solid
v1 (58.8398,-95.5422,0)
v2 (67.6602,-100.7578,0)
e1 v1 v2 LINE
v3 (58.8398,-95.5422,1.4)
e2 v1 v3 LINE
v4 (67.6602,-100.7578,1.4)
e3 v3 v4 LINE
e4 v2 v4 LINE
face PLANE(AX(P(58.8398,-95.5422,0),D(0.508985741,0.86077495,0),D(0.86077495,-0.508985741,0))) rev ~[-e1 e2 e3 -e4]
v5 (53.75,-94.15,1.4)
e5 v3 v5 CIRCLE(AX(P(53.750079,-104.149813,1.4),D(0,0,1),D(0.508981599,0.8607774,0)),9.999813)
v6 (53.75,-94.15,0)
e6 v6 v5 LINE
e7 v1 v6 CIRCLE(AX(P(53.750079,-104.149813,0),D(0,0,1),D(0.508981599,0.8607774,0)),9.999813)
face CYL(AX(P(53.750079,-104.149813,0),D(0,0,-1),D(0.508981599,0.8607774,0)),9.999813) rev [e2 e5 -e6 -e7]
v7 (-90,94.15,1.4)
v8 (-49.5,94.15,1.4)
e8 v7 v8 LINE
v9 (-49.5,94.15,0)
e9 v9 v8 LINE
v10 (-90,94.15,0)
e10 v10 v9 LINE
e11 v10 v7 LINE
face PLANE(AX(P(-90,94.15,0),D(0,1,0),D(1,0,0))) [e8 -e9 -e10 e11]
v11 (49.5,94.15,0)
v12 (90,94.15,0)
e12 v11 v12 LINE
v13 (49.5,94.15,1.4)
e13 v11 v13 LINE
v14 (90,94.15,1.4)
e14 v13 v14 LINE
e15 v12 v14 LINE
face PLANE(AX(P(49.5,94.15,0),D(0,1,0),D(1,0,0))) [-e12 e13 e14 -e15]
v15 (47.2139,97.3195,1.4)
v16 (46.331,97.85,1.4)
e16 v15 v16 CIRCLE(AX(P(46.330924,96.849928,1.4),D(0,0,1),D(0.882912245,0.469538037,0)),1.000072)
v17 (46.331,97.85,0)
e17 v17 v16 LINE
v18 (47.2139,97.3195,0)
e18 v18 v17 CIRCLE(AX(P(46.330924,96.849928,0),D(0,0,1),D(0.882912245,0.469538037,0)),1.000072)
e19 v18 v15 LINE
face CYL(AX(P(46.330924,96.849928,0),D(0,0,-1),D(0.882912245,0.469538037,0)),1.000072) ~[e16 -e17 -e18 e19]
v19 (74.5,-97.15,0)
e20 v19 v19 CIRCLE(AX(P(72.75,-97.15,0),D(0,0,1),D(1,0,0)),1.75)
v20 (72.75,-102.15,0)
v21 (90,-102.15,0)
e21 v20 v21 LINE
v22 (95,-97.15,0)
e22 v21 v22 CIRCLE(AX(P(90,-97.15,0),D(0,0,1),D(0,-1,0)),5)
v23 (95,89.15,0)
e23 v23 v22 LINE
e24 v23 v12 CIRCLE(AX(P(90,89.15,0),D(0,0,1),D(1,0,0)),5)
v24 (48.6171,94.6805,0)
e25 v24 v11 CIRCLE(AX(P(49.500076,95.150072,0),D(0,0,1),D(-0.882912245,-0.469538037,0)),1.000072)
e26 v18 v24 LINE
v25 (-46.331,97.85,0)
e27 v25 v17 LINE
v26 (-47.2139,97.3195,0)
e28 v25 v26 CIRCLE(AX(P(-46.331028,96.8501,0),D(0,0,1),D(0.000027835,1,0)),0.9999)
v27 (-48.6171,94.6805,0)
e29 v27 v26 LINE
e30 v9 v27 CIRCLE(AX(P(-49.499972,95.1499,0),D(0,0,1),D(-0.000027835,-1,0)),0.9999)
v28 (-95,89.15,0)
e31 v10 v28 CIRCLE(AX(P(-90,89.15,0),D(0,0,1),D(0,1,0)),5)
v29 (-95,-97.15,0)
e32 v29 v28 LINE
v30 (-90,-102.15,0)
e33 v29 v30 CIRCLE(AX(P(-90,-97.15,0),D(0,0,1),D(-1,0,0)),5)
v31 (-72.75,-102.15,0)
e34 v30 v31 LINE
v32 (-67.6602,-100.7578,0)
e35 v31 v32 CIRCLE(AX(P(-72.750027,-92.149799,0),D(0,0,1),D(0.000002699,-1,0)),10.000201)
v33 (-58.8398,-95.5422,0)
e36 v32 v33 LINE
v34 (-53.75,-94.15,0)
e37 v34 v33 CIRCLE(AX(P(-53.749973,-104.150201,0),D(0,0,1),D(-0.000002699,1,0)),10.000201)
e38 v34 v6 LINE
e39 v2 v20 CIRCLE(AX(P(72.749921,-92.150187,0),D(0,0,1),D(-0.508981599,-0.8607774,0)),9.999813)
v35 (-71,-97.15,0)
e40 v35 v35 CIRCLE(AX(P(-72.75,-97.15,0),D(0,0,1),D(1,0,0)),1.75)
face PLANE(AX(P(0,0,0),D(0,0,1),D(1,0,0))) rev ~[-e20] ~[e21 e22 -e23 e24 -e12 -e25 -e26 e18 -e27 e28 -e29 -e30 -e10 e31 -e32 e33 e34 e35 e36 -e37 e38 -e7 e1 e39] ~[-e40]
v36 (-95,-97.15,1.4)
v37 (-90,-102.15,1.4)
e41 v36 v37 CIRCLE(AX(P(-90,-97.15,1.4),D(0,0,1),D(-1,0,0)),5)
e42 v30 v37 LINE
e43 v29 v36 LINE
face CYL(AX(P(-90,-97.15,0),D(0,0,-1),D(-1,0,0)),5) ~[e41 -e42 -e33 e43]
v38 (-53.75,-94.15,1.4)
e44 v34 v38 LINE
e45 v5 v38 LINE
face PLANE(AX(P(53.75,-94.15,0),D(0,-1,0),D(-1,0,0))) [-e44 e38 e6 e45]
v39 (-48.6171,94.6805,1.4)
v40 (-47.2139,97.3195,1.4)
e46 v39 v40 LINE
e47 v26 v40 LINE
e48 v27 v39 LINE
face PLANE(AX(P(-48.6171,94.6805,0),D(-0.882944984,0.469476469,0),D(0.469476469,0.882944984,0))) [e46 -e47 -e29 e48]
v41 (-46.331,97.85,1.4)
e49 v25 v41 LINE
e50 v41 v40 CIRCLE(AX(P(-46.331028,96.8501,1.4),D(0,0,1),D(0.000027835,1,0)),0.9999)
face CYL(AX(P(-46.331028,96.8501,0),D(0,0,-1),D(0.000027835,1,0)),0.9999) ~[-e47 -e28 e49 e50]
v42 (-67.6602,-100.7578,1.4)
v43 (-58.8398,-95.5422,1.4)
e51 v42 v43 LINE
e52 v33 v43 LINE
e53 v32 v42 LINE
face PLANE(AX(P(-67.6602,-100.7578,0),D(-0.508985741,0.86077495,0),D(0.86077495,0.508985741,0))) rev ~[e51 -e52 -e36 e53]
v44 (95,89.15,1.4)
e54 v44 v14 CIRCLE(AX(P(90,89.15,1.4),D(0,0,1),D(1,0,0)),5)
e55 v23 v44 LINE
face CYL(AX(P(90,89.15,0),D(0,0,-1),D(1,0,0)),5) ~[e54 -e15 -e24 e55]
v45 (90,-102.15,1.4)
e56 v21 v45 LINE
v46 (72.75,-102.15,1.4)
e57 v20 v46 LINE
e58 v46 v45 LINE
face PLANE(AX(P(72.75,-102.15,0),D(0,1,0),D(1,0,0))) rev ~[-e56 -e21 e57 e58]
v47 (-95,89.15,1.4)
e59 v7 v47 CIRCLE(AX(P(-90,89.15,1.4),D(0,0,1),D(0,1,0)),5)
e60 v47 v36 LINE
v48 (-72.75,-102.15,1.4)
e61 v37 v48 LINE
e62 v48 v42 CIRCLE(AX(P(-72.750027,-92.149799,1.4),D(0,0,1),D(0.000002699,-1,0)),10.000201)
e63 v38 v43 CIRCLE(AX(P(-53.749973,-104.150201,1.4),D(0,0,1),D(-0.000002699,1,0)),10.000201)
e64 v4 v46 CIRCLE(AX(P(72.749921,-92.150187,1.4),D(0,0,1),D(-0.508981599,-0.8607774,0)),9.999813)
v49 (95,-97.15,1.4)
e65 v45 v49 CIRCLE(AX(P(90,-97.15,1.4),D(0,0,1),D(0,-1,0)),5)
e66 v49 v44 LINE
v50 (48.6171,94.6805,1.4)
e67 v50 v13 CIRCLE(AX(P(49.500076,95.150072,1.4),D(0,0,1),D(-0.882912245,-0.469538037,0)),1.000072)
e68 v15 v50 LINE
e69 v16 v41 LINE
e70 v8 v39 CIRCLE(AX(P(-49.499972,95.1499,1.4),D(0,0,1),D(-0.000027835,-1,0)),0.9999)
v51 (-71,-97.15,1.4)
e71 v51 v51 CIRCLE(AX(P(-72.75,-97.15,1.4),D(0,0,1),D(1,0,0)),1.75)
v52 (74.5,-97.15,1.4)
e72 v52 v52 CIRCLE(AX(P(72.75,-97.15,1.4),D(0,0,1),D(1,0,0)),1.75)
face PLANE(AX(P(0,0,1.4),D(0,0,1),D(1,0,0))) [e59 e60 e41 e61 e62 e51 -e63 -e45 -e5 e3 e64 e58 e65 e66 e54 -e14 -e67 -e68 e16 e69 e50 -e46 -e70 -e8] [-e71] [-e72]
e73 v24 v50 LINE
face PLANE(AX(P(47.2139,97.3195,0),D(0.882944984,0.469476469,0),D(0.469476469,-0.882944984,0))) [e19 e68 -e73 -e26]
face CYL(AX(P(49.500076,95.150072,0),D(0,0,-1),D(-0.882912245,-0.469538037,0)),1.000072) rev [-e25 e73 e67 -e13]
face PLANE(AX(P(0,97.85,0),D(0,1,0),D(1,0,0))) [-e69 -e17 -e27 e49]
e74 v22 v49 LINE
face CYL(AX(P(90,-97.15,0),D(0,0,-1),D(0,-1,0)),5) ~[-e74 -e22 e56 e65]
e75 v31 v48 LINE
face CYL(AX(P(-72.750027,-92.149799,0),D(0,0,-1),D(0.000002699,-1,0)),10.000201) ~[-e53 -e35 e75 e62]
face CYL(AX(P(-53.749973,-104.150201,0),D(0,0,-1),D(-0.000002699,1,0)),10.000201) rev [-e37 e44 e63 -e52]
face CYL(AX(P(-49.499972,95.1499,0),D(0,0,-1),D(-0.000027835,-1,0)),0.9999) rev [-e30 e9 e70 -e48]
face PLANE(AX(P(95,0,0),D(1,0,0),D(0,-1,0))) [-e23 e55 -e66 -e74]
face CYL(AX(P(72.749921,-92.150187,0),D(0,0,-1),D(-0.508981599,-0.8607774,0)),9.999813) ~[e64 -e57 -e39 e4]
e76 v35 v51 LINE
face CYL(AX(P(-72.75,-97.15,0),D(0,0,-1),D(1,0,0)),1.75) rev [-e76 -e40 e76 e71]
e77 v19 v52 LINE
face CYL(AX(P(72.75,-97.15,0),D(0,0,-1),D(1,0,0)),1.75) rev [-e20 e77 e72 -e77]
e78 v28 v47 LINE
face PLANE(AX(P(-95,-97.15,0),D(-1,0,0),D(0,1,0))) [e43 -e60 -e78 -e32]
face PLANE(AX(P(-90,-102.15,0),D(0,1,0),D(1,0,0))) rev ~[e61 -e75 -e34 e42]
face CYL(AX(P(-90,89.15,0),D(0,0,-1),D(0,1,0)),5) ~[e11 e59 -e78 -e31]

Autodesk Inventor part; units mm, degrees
ref_plane "YZ Plane" through (0, 0, 0) normal (1, 0, 0) x (0, 1, 0)
ref_plane "XZ Plane" through (0, 0, 0) normal (0, 1, 0) x (-1, 0, 0)
ref_plane "XY Plane" through (0, 0, 0) normal (0, 0, 1) x (1, 0, 0)
sketch "Náčrt1" plane through (0, 0, 0) normal (0, 0, 1) x (1, 0, 0)
  line L0 (53.75, -94.15) -> (-53.75, -94.15)
  line L1 (-95, -97.15) -> (-95, 89.15)
  line L2 (95, 89.15) -> (95, -97.15)
  line L3 (0, -144.5745) -> (0, 138.3969) projected
  line L4 (-134.4497, 0) -> (134.4497, 0) projected
  arc A0 (95, 89.15) -> (90, 94.15) centre (90, 89.15) ccw
  arc A1 (-90, 94.15) -> (-95, 89.15) centre (-90, 89.15) ccw
  line L5 (-48.6171, 94.6805) -> (-47.2139, 97.3195)
  line L6 (-46.331, 97.85) -> (46.331, 97.85)
  line L7 (47.2139, 97.3195) -> (48.6171, 94.6805)
  line L8 (-90, 94.15) -> (-49.5, 94.15)
  line L9 (49.5, 94.15) -> (90, 94.15)
  line L10 (-90, -102.15) -> (-72.75, -102.15)
  line L11 (58.8398, -95.5422) -> (67.6602, -100.7578)
  line L12 (72.75, -102.15) -> (90, -102.15)
  arc A2 (-95, -97.15) -> (-90, -102.15) centre (-90, -97.15) ccw
  arc A3 (90, -102.15) -> (95, -97.15) centre (90, -97.15) ccw
  line L13 (-67.6602, -100.7578) -> (-58.8398, -95.5422)
  arc A4 (-72.75, -102.15) -> (-67.6602, -100.7578) centre (-72.75, -92.15) ccw
  arc A5 (-53.75, -94.15) -> (-58.8398, -95.5422) centre (-53.75, -104.15) ccw
  arc A6 (58.8398, -95.5422) -> (53.75, -94.15) centre (53.75, -104.15) ccw
  arc A7 (67.6602, -100.7578) -> (72.75, -102.15) centre (72.75, -92.15) ccw
  circle A8 centre (-72.75, -97.15) radius 1.75
  circle A9 centre (72.75, -97.15) radius 1.75
  arc A10 (-46.331, 97.85) -> (-47.2139, 97.3195) centre (-46.331, 96.85) ccw
  arc A11 (-49.5, 94.15) -> (-48.6171, 94.6805) centre (-49.5, 95.15) ccw
  arc A12 (48.6171, 94.6805) -> (49.5, 94.15) centre (49.5, 95.15) ccw
  arc A13 (47.2139, 97.3195) -> (46.331, 97.85) centre (46.331, 96.85) ccw
  arc A14 (48.6171, 94.6805) -> (49.5, 94.15) centre (49.5, 95.15) ccw
  point P0 (0, 0)
  point P1 (56.4853, -94.15)
  point P2 (-56.4853, -94.15)
  point P3 (-46.9318, 97.85)
  point P4 (46.9318, 97.85)
  point P5 (48.8991, 94.15)
  point P6 (-48.8991, 94.15)
  point P7 (-70.0147, -102.15)
  point P8 (70.0147, -102.15)
  dimension "d3" = 5
  dimension "d9" = 3.7
  dimension "d13" = 8
  dimension "d14" = 190
  dimension "d15" = 5
  dimension "d18" = 10
  dimension "d19" = 196.3
  dimension "d23" = 19
  dimension "d24" = 22.25
  dimension "d25" = 3.5
  dimension "d26" = 5
  dimension "d33" = 1
  dimension "d34" = 1
  dimension "d35" = 45.5
  dimension "d36" = 45.5
  dimension "d37" = 62
  dimension "d38" = 62
extrude "Vysunutí1" add sketch "Náčrt1" along normal blind 1.4
sketch "Náčrt2" plane through (0, 0, 1.4) normal (0, 0, 1) x (1, 0, 0)
  line L0 (-90.5, 89.5) -> (89.5, 89.5)
  line L1 (89.5, 89.5) -> (89.5, -90.5)
  line L2 (89.5, -90.5) -> (-90.5, -90.5)
  line L3 (-90.5, -90.5) -> (-90.5, 89.5)
  line L4 (-90.4999, 89.4999) -> (89.4999, 89.4999)
  line L5 (89.4999, 89.4999) -> (89.4999, -90.4999)
  line L6 (89.4999, -90.4999) -> (-90.4999, -90.4999)
  line L7 (-90.4999, -90.4999) -> (-90.4999, 89.4999)
  point P0 (0, 0)
  dimension "d27" = 180
  dimension "d28" = 89.5
  dimension "d29" = 90.5
  dimension "d30" = 0.0001
extrude "Vysunutí2" [suppressed]
sketch "Náčrt3" plane through (0, 0, 1.4) normal (0, 0, 1) x (1, 0, 0)
  line L0 (-95.75, 99.25) -> (95.75, 99.25) construction
  line L1 (95.75, 99.25) -> (95.75, -102.43) construction
  line L2 (95.75, -102.43) -> (-95.75, -102.43) construction
  line L3 (-95.75, -102.43) -> (-95.75, 99.25) construction
  point P0 (0, 0)
  point P1 (0, 177.5651)
  point P2 (0, 99.25)
  dimension "d63" = 191.5
  dimension "d84" = 99.25
decal "Obtisk1"
equation "\"d3\" = d15"
equation "\"d34\" = d33"
equation "\"d36\" = d35"
equation "\"d38\" = d37"
